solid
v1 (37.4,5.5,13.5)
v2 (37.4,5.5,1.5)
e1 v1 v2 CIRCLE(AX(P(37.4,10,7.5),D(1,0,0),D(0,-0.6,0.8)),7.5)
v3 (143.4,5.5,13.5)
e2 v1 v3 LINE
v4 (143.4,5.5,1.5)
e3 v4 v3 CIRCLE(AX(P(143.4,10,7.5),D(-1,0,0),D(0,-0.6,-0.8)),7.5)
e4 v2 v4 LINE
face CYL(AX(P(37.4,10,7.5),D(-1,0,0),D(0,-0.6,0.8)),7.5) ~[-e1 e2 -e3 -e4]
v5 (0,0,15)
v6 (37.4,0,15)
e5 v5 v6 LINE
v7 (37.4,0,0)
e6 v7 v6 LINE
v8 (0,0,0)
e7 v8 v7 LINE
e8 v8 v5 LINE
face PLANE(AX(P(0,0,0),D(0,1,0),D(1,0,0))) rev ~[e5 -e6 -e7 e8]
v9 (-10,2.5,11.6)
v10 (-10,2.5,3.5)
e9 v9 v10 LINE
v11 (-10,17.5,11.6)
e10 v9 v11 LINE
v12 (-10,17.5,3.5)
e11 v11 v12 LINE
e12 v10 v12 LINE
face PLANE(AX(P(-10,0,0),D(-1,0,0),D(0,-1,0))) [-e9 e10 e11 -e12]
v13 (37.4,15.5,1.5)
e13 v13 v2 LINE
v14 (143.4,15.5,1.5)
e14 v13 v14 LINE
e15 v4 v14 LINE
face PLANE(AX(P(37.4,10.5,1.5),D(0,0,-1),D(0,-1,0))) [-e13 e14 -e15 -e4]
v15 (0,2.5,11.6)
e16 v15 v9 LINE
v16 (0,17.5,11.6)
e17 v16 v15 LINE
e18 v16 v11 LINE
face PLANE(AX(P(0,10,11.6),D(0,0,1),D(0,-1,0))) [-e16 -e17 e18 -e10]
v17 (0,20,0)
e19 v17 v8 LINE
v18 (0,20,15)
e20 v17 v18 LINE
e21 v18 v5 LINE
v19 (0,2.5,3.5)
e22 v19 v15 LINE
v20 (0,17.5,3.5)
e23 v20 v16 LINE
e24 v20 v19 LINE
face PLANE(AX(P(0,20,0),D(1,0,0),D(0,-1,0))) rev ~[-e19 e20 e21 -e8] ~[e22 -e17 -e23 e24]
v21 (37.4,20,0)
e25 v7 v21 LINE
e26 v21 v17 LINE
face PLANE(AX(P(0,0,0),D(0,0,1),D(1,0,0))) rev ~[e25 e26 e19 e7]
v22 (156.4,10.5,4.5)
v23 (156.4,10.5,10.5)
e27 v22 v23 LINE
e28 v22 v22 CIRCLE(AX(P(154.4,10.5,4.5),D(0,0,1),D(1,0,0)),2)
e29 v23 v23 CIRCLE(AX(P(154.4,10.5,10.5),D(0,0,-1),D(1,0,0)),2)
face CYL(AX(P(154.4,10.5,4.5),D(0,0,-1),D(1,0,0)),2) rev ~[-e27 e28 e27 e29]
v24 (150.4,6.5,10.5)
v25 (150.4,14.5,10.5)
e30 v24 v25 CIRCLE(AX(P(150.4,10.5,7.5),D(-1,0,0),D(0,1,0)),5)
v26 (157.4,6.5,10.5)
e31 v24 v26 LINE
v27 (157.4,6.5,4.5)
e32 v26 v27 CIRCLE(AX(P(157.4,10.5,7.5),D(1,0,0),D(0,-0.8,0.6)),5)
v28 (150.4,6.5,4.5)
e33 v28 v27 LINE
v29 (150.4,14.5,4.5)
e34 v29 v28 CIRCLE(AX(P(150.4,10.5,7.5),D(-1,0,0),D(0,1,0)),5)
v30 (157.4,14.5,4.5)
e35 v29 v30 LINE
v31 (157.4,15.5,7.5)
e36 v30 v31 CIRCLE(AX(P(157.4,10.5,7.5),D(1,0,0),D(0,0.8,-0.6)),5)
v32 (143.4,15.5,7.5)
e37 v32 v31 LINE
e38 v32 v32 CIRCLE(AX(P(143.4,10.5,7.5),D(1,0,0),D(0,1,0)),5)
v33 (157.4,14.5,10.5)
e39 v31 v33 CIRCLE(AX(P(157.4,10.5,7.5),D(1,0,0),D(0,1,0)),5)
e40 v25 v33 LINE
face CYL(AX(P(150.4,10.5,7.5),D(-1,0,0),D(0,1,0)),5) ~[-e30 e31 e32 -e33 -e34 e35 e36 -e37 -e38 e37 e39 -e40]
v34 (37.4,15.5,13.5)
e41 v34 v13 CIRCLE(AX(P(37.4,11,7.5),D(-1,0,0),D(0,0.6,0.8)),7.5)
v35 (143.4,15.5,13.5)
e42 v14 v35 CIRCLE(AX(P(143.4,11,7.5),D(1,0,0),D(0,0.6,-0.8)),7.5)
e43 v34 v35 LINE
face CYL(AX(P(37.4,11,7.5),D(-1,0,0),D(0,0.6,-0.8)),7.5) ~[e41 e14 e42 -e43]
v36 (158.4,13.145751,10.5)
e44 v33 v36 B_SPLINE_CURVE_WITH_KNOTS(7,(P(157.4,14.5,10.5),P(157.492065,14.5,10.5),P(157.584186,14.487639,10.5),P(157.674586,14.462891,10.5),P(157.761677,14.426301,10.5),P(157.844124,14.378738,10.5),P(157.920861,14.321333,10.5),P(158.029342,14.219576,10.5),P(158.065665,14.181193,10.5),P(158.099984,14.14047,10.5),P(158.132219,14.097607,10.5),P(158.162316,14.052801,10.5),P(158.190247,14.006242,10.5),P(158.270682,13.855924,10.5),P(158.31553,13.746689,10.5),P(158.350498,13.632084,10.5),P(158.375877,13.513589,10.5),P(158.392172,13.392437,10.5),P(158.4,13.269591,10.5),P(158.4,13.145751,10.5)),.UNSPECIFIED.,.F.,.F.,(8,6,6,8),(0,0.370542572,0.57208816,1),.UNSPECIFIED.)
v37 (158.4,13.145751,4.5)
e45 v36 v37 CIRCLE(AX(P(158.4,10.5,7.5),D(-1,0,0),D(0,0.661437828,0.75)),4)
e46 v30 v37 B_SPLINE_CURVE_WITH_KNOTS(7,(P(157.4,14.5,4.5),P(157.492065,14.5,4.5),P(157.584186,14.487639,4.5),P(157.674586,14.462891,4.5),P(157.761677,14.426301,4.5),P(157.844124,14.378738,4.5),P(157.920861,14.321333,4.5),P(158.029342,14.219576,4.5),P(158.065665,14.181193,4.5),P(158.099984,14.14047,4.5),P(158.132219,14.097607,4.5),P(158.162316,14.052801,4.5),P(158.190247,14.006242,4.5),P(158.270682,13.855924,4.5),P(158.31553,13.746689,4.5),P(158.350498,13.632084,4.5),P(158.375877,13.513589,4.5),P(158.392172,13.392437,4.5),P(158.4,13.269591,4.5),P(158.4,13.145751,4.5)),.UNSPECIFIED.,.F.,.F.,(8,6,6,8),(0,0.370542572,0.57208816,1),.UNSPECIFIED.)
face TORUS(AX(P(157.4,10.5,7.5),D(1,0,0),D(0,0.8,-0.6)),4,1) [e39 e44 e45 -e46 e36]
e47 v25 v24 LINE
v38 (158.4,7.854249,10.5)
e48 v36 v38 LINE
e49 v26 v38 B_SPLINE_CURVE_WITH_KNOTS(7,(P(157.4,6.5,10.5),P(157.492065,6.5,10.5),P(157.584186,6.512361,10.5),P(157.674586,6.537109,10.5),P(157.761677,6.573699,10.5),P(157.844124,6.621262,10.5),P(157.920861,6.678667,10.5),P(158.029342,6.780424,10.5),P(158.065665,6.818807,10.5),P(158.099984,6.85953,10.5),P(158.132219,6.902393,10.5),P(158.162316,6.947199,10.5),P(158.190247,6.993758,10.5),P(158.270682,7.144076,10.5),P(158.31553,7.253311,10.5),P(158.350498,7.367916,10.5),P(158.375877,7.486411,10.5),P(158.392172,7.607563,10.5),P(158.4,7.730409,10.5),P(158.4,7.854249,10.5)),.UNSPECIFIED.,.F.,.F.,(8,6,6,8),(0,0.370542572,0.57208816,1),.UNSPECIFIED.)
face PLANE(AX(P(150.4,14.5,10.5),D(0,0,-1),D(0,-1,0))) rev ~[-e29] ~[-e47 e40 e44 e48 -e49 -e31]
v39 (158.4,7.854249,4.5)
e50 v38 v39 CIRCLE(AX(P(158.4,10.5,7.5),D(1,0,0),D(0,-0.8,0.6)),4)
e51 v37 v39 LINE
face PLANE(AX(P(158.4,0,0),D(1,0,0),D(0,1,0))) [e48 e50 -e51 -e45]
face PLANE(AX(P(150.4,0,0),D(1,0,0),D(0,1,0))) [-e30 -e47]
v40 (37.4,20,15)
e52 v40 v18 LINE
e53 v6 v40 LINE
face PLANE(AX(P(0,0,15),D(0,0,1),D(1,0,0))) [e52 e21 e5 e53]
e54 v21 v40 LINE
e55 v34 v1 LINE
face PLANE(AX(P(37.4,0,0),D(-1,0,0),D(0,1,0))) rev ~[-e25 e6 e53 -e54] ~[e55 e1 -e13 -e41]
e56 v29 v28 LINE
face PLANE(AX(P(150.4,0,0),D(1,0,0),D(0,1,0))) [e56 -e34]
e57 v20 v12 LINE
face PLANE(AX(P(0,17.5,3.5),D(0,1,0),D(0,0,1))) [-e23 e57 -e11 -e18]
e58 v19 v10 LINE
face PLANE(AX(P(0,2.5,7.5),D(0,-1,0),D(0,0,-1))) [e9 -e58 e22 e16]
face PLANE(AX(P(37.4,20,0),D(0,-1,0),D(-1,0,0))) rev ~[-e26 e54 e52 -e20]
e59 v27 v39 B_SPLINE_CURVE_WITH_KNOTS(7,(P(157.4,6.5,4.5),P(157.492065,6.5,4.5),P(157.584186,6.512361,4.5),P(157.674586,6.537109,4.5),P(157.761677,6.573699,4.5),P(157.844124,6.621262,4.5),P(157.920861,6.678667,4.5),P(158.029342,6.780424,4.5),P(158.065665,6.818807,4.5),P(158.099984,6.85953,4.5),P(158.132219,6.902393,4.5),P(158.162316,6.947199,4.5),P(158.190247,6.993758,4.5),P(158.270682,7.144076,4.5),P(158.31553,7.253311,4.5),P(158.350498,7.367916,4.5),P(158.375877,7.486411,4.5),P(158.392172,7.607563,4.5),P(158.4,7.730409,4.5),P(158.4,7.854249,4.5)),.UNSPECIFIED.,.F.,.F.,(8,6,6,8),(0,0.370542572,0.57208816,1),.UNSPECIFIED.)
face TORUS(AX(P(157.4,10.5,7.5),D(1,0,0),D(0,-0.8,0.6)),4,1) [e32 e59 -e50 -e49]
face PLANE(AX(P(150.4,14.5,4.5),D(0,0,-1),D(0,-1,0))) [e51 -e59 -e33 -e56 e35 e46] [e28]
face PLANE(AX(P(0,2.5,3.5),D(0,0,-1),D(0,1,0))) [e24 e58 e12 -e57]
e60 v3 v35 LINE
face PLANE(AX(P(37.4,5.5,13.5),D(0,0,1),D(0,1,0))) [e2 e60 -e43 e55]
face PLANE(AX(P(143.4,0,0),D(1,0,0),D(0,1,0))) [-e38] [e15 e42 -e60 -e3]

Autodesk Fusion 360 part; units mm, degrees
sketch "Sketch1" plane through (0, 0, 0) normal (0, 0, 1) x (1, 0, 0)
  line L0 (0, 0) -> (37.4, 0)
  line L1 (37.4, 0) -> (37.4, 20)
  line L2 (37.4, 20) -> (0, 20)
  line L3 (0, 20) -> (0, 0)
  dimension "d1" = 37.4
  dimension "d2" = 20
extrude "Extrude1" add sketch "Sketch1" along normal blind 15
sketch "Sketch2" plane through (37.4, 0, 0) normal (1, 0, 0) x (0, 1, 0)
  line L0 (0, 0) -> (20, 0)
  line L1 (20, 0) -> (20, 15)
  line L2 (20, 15) -> (0, 15)
  line L3 (0, 15) -> (0, 0)
  line L4 (2.5, 13.5) -> (18.5, 13.5)
  line L5 (18.5, 13.5) -> (18.5, 1.5)
  line L6 (18.5, 1.5) -> (2.5, 1.5)
  line L7 (2.5, 1.5) -> (2.5, 13.5)
  line L8 (2.5, 13.5) -> (5.5, 13.5)
  line L9 (2.5, 1.5) -> (5.5, 1.5)
  arc A0 (5.5, 13.5) -> (5.5, 1.5) centre (10, 7.5) ccw
  line L10 (10.5, 13.5) -> (10.5, 1.5)
  arc A1 (15.5, 1.5) -> (15.5, 13.5) centre (11, 7.5) ccw
  dimension "d5" = 16
  dimension "d6" = 12
  dimension "d7" = 1.5
  dimension "d8" = 1.5
  dimension "d9" = 3
  dimension "d10" = 3
  dimension "d23" = 10
extrude "Extrude2" add sketch "Sketch2" along normal blind 106 contours L4 L6 A0 L10 | L4 L6 L10 A1
sketch "Sketch3" plane through (0, 0, 0) normal (-1, 0, 0) x (0, -1, 0)
  line L0 (-20, 0) -> (0, 0)
  line L1 (0, 0) -> (0, 15)
  line L2 (0, 15) -> (-20, 15)
  line L3 (-20, 15) -> (-20, 0)
  line L4 (-2.5, 3.5) -> (-17.5, 3.5)
  line L5 (-17.5, 3.5) -> (-17.5, 11.6)
  line L6 (-17.5, 11.6) -> (-2.5, 11.6)
  line L7 (-2.5, 11.6) -> (-2.5, 3.5)
  line L8 (-10, 0) -> (-10, 15)
  line L9 (-20, 7.5) -> (0, 7.5)
  dimension "d13" = 15
  dimension "d14" = 8.1
  dimension "d15" = 4
  dimension "d16" = 7.5
extrude "Extrude3" add sketch "Sketch3" along normal blind 10 contours L4 L7 L8 L9 | L4 L5 L8 L9 | L5 L6 L8 L9 | L6 L7 L8 L9
fillet "Fillet1" [suppressed]
fillet "Fillet2" [suppressed]
sketch "Sketch4" plane through (143.4, 0, 0) normal (1, 0, 0) x (0, 1, 0)
  arc A0 (5.5, 13.5) -> (5.5, 1.5) centre (10, 7.5) ccw
  line L0 (5.5, 1.5) -> (15.5, 1.5)
  arc A1 (15.5, 1.5) -> (15.5, 13.5) centre (11, 7.5) ccw
  line L1 (15.5, 13.5) -> (5.5, 13.5)
  line L2 (5.5, 13.5) -> (15.5, 1.5)
  circle A2 centre (10.5, 7.5) radius 5
  dimension "d24" = 10
extrude "Extrude4" add sketch "Sketch4" along normal blind 7 contours L2 A2 | L2 A2
sketch "Sketch5" plane through (150.4, 0, 0) normal (1, 0, 0) x (0, 1, 0)
  circle A0 centre (10.5, 7.5) radius 5
  line L0 (10.5, 7.5) -> (15.5, 7.5)
  line L1 (14.5, 10.5) -> (6.5, 10.5)
  line L2 (14.5, 4.5) -> (6.5, 4.5)
  dimension "d27" = 3
extrude "Extrude5" add sketch "Sketch5" along normal blind 8 contours A0 L1 L2
sketch "Sketch6" plane through (0, 0, 4.5) normal (0, 0, -1) x (1, 0, 0)
  line L0 (150.4, -6.5) -> (150.4, -14.5)
  line L1 (150.4, -14.5) -> (158.4, -14.5)
  line L2 (158.4, -14.5) -> (158.4, -6.5)
  line L3 (158.4, -6.5) -> (150.4, -6.5)
  line L4 (158.4, -6.5) -> (150.4, -14.5)
  circle A0 centre (154.4, -10.5) radius 2
  dimension "d30" = 4
extrude "Extrude6" cut sketch "Sketch6" against normal blind 9 contours L4 A0 | L4 A0
fillet "Fillet3" radius 1 2 edges at (158.4, 5.5, 7.5) (158.4, 15.5, 7.5)
equation "d10 = d9"
